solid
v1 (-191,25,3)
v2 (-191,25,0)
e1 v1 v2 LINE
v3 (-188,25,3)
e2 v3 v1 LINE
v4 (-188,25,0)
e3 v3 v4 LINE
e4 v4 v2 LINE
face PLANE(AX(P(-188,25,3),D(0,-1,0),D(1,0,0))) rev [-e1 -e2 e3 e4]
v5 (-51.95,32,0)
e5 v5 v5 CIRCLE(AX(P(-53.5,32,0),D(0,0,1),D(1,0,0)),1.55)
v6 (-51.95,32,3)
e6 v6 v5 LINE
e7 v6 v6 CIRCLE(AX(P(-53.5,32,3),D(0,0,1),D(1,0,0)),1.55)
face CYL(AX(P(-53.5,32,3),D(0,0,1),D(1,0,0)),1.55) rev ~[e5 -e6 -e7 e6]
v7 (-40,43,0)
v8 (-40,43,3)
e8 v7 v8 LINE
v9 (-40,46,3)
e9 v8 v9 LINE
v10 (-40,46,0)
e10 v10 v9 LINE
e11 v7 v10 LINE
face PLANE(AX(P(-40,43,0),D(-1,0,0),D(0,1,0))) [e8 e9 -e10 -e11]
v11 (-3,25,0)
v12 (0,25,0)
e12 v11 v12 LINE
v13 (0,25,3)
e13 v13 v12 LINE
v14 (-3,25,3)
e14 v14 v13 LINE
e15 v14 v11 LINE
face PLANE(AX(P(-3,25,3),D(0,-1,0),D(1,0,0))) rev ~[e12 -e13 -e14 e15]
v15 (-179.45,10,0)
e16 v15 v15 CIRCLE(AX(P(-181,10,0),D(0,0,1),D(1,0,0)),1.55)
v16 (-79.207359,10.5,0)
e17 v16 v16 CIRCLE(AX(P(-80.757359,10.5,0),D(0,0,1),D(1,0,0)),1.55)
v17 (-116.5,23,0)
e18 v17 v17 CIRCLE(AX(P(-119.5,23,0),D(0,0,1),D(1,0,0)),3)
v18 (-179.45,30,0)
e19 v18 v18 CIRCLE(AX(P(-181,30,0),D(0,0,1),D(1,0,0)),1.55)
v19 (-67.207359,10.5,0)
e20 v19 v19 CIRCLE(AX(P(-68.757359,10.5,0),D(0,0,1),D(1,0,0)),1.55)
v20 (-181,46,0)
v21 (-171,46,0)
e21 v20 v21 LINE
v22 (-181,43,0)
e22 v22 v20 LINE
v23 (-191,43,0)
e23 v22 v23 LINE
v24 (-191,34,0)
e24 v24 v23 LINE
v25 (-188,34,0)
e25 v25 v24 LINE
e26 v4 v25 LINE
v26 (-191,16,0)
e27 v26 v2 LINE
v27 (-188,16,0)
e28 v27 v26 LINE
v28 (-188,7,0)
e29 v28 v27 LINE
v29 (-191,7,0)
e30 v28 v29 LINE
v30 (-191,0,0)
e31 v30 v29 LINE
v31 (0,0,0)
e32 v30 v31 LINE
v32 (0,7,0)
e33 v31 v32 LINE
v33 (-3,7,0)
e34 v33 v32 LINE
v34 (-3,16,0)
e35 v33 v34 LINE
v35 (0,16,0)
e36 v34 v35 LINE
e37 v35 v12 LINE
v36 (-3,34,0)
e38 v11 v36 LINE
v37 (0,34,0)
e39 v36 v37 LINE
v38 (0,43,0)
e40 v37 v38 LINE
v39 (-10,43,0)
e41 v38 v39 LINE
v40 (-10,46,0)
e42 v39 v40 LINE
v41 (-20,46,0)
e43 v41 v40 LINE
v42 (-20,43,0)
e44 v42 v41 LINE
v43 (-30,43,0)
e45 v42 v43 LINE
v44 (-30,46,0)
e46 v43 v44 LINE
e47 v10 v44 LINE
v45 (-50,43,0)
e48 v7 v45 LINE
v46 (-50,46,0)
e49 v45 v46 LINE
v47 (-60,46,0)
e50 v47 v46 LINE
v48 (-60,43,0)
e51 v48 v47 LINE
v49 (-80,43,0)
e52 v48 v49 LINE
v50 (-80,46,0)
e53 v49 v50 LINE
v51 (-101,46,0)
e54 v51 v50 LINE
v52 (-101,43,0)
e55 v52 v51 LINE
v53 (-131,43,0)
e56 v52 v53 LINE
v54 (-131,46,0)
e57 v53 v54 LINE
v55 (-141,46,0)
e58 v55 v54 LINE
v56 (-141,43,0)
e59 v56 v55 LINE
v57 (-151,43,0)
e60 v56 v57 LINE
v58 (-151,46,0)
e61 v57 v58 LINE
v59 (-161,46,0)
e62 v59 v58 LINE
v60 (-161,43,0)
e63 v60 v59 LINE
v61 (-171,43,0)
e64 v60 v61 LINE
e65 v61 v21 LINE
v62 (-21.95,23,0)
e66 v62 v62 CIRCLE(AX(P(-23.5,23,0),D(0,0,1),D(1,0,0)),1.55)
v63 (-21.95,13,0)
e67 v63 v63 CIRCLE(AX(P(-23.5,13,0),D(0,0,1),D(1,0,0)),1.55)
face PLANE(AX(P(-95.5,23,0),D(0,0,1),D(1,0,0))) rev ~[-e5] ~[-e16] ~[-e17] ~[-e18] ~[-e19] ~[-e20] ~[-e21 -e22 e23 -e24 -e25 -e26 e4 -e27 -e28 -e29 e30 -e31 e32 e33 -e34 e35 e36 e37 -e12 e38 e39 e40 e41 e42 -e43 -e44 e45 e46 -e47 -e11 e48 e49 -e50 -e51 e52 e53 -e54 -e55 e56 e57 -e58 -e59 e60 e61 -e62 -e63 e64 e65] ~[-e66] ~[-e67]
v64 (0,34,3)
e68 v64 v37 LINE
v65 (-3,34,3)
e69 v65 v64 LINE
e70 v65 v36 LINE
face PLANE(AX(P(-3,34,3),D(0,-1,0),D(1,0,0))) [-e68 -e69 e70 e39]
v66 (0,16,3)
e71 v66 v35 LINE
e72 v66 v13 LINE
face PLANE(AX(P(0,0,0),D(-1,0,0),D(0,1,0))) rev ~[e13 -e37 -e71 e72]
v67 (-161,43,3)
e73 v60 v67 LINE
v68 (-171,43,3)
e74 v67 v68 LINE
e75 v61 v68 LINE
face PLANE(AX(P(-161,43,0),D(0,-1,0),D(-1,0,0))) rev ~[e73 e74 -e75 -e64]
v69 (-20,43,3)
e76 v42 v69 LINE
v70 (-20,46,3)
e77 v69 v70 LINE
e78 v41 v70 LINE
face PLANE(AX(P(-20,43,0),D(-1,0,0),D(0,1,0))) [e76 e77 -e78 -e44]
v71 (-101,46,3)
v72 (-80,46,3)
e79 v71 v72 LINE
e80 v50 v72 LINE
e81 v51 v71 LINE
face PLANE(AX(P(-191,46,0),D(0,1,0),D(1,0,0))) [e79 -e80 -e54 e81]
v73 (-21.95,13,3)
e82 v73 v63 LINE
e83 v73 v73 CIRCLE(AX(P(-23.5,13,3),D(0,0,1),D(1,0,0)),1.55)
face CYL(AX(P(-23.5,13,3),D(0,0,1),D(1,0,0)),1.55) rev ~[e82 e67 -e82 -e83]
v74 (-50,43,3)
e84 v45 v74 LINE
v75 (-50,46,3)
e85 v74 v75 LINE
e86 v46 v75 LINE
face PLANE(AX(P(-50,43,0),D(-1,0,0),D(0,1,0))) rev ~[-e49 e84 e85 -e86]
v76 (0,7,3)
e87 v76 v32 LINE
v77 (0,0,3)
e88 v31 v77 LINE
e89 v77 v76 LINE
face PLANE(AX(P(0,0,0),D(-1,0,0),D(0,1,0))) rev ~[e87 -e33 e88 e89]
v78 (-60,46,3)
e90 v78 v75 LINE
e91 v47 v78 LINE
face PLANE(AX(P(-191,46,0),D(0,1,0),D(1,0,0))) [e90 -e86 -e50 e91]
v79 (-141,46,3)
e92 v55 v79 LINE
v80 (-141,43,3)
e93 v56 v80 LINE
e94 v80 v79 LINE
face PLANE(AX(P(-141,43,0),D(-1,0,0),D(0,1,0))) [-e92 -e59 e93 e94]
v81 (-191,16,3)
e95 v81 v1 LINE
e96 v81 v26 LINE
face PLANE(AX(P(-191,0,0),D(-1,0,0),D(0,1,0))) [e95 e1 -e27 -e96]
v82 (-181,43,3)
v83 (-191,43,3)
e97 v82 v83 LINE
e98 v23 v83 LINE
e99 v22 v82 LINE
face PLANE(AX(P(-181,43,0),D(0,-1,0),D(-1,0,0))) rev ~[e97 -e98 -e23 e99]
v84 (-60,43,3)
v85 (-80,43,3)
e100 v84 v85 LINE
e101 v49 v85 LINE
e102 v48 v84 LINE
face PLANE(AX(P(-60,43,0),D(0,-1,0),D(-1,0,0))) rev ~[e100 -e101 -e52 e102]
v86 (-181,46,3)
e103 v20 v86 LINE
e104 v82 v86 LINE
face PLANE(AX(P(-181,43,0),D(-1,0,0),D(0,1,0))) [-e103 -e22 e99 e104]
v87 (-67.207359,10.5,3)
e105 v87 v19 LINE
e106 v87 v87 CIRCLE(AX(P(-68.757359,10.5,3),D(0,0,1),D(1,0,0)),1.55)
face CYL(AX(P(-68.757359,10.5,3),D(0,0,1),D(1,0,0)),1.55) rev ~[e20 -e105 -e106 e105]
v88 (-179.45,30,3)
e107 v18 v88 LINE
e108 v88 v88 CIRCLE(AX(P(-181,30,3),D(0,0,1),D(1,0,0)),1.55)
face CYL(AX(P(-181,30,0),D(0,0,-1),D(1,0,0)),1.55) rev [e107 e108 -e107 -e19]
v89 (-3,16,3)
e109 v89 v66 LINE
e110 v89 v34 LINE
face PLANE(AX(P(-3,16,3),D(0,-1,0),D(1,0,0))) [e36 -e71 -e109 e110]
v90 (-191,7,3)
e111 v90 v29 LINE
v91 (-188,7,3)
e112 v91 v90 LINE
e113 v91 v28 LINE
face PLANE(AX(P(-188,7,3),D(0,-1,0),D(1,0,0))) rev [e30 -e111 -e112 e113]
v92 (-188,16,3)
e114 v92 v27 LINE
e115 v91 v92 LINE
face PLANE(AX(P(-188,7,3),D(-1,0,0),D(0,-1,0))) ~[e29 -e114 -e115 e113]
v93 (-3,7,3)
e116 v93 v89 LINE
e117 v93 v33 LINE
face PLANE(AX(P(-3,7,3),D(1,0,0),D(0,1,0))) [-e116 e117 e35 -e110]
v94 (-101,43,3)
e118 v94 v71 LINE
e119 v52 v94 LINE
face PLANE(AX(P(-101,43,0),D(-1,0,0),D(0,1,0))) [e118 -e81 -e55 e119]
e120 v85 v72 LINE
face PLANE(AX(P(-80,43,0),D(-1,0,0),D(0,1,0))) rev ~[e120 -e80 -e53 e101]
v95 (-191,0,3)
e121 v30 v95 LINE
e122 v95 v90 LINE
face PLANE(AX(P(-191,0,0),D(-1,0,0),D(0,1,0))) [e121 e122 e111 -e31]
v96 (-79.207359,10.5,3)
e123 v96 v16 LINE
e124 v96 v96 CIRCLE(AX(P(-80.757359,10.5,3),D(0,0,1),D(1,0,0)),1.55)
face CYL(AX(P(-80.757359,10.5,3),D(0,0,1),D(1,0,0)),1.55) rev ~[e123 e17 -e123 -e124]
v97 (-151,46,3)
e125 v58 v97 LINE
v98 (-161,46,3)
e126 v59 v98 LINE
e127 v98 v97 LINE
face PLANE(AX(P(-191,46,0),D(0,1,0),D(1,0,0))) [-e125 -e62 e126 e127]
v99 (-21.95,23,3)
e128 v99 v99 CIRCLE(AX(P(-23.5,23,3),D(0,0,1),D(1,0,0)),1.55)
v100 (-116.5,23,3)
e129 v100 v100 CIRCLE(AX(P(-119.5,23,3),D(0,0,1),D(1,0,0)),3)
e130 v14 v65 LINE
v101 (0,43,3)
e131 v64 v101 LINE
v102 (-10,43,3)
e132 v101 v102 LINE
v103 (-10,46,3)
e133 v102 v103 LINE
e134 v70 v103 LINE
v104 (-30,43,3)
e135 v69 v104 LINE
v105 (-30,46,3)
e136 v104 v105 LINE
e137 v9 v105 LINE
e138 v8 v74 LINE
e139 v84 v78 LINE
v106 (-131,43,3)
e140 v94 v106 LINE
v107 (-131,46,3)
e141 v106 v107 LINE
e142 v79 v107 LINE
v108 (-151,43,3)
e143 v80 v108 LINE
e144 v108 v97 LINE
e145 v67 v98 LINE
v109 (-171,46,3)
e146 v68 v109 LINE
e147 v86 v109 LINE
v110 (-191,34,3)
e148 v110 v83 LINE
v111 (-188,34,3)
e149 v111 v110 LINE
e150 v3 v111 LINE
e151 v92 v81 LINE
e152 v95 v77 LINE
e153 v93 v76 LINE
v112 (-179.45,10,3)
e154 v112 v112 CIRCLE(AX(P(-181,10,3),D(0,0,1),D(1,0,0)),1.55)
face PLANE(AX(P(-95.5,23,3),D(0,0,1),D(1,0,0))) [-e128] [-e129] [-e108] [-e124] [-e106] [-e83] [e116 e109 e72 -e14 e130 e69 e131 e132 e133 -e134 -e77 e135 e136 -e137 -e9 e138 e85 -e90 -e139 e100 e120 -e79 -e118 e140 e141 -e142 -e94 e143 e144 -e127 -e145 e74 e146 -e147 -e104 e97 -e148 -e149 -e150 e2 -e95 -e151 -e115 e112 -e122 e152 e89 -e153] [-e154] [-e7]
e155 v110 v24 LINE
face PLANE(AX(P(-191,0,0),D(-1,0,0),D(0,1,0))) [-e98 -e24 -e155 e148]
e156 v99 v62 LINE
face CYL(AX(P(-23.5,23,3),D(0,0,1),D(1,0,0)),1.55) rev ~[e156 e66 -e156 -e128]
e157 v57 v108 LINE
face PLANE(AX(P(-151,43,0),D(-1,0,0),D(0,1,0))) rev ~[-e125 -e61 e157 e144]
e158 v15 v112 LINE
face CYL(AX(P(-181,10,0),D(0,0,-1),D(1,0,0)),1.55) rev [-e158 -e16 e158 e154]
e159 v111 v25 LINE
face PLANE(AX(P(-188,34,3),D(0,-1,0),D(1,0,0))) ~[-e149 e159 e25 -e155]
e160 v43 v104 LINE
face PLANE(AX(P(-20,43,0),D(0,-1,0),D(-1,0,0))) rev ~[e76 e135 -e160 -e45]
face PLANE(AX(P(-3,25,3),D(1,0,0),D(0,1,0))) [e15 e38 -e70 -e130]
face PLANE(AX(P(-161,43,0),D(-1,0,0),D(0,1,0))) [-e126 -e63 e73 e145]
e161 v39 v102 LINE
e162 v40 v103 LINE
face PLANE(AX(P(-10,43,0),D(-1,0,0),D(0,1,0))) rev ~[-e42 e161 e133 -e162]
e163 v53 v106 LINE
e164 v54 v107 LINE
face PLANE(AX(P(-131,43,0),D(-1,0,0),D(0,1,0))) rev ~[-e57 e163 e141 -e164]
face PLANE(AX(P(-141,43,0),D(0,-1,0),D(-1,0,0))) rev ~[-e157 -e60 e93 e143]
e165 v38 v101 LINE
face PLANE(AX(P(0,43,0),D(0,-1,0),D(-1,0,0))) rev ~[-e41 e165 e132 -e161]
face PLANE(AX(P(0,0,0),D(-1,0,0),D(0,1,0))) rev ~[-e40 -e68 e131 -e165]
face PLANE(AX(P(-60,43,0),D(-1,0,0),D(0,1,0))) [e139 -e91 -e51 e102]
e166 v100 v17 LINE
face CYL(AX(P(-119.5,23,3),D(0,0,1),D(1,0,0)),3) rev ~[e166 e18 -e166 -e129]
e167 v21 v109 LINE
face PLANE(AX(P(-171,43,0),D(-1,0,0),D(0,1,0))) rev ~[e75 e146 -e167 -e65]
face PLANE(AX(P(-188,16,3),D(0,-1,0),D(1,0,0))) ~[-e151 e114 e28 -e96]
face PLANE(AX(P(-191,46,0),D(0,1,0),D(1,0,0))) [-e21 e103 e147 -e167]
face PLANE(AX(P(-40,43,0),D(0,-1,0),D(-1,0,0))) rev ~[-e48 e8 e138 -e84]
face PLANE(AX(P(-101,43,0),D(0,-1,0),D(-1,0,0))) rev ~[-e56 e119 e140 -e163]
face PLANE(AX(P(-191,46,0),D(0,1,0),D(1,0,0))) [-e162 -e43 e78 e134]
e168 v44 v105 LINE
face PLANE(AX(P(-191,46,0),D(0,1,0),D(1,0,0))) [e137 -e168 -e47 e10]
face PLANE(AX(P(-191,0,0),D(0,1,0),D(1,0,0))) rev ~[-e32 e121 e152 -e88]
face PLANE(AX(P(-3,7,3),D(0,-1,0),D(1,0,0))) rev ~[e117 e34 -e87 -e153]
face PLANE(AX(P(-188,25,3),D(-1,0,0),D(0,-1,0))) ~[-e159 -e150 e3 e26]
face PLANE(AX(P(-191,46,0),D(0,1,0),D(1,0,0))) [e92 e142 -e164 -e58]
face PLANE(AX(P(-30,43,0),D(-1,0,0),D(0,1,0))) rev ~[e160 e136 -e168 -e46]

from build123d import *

# Parameters (mm, degrees)
SKETCH1_W           = 191
SKETCH1_H           = 46
SKETCH1_R           = 1.549999948
BOSS_EXTRUDE1_DEPTH = 3
CUT_EXTRUDE1_REACH  = 198.484
SKETCH3_W           = 10
SKETCH3_H           = 3
SKETCH3_W_2         = 30
SKETCH3_W_3         = 20
CUT_EXTRUDE2_REACH  = 198.484
SKETCH4_W           = 3
SKETCH4_H           = 9
CUT_EXTRUDE3_REACH  = 198.484
SKETCH6_R           = 3
CUT_EXTRUDE4_REACH  = 198.484
SKETCH7_R           = 1.55


with BuildPart() as part:
    # Sketch1 → Boss-Extrude1 (new body)
    with BuildSketch(Plane.XY):
        with Locations((-95.5, 23)):
            Rectangle(SKETCH1_W, SKETCH1_H)
        with Locations((-181, 30)):
            Circle(SKETCH1_R, mode=Mode.SUBTRACT)
        with Locations((-181, 10)):
            Circle(SKETCH1_R, mode=Mode.SUBTRACT)
    extrude(amount=BOSS_EXTRUDE1_DEPTH)

    # Sketch3 → Cut-Extrude1 (cut, up to next)
    with BuildSketch(Plane(origin=(0, 0, 0), x_dir=(-1, 0, 0), z_dir=(0, 0, -1)), mode=Mode.PRIVATE) as cut_extrude1_sk1:
        with Locations((45, 44.5)):
            Rectangle(SKETCH3_W, SKETCH3_H)
    cut_extrude1_tool1 = extrude(cut_extrude1_sk1.sketch, amount=-CUT_EXTRUDE1_REACH, mode=Mode.PRIVATE) & part.part
    # Sketch3 → Cut-Extrude1 (cut, up to next)
    with BuildSketch(Plane(origin=(0, 0, 0), x_dir=(-1, 0, 0), z_dir=(0, 0, -1)), mode=Mode.PRIVATE) as cut_extrude1_sk2:
        with Locations((25, 44.5)):
            Rectangle(SKETCH3_W, SKETCH3_H)
    cut_extrude1_tool2 = extrude(cut_extrude1_sk2.sketch, amount=-CUT_EXTRUDE1_REACH, mode=Mode.PRIVATE) & part.part
    # Sketch3 → Cut-Extrude1 (cut, up to next)
    with BuildSketch(Plane(origin=(0, 0, 0), x_dir=(-1, 0, 0), z_dir=(0, 0, -1)), mode=Mode.PRIVATE) as cut_extrude1_sk3:
        with Locations((5, 44.5)):
            Rectangle(SKETCH3_W, SKETCH3_H)
    cut_extrude1_tool3 = extrude(cut_extrude1_sk3.sketch, amount=-CUT_EXTRUDE1_REACH, mode=Mode.PRIVATE) & part.part
    # Sketch3 → Cut-Extrude1 (cut, up to next)
    with BuildSketch(Plane(origin=(0, 0, 0), x_dir=(-1, 0, 0), z_dir=(0, 0, -1)), mode=Mode.PRIVATE) as cut_extrude1_sk4:
        with Locations((166, 44.5)):
            Rectangle(SKETCH3_W, SKETCH3_H)
    cut_extrude1_tool4 = extrude(cut_extrude1_sk4.sketch, amount=-CUT_EXTRUDE1_REACH, mode=Mode.PRIVATE) & part.part
    # Sketch3 → Cut-Extrude1 (cut, up to next)
    with BuildSketch(Plane(origin=(0, 0, 0), x_dir=(-1, 0, 0), z_dir=(0, 0, -1)), mode=Mode.PRIVATE) as cut_extrude1_sk5:
        with Locations((146, 44.5)):
            Rectangle(SKETCH3_W, SKETCH3_H)
    cut_extrude1_tool5 = extrude(cut_extrude1_sk5.sketch, amount=-CUT_EXTRUDE1_REACH, mode=Mode.PRIVATE) & part.part
    # Sketch3 → Cut-Extrude1 (cut, up to next)
    with BuildSketch(Plane(origin=(0, 0, 0), x_dir=(-1, 0, 0), z_dir=(0, 0, -1)), mode=Mode.PRIVATE) as cut_extrude1_sk6:
        with Locations((116, 44.5)):
            Rectangle(SKETCH3_W_2, SKETCH3_H)
    cut_extrude1_tool6 = extrude(cut_extrude1_sk6.sketch, amount=-CUT_EXTRUDE1_REACH, mode=Mode.PRIVATE) & part.part
    # Sketch3 → Cut-Extrude1 (cut, up to next)
    with BuildSketch(Plane(origin=(0, 0, 0), x_dir=(-1, 0, 0), z_dir=(0, 0, -1)), mode=Mode.PRIVATE) as cut_extrude1_sk7:
        with Locations((70, 44.5)):
            Rectangle(SKETCH3_W_3, SKETCH3_H)
    cut_extrude1_tool7 = extrude(cut_extrude1_sk7.sketch, amount=-CUT_EXTRUDE1_REACH, mode=Mode.PRIVATE) & part.part
    # Sketch3 → Cut-Extrude1 (cut, up to next)
    with BuildSketch(Plane(origin=(0, 0, 0), x_dir=(-1, 0, 0), z_dir=(0, 0, -1)), mode=Mode.PRIVATE) as cut_extrude1_sk8:
        with Locations((186, 44.5)):
            Rectangle(SKETCH3_W, SKETCH3_H)
    cut_extrude1_tool8 = extrude(cut_extrude1_sk8.sketch, amount=-CUT_EXTRUDE1_REACH, mode=Mode.PRIVATE) & part.part
    add(cut_extrude1_tool1.solids().sort_by_distance((-45, 44.5, 0))[0], mode=Mode.SUBTRACT)
    add(cut_extrude1_tool2.solids().sort_by_distance((-25, 44.5, 0))[0], mode=Mode.SUBTRACT)
    add(cut_extrude1_tool3.solids().sort_by_distance((-5, 44.5, 0))[0], mode=Mode.SUBTRACT)
    add(cut_extrude1_tool4.solids().sort_by_distance((-166, 44.5, 0))[0], mode=Mode.SUBTRACT)
    add(cut_extrude1_tool5.solids().sort_by_distance((-146, 44.5, 0))[0], mode=Mode.SUBTRACT)
    add(cut_extrude1_tool6.solids().sort_by_distance((-116, 44.5, 0))[0], mode=Mode.SUBTRACT)
    add(cut_extrude1_tool7.solids().sort_by_distance((-70, 44.5, 0))[0], mode=Mode.SUBTRACT)
    add(cut_extrude1_tool8.solids().sort_by_distance((-186, 44.5, 0))[0], mode=Mode.SUBTRACT)

    # Sketch4 → Cut-Extrude2 (cut, up to next)
    with BuildSketch(Plane.XY.offset(3), mode=Mode.PRIVATE) as cut_extrude2_sk1:
        with Locations((-1.5, 29.5)):
            Rectangle(SKETCH4_W, SKETCH4_H)
    cut_extrude2_tool1 = extrude(cut_extrude2_sk1.sketch, amount=-CUT_EXTRUDE2_REACH, mode=Mode.PRIVATE) & part.part
    # Sketch4 → Cut-Extrude2 (cut, up to next)
    with BuildSketch(Plane.XY.offset(3), mode=Mode.PRIVATE) as cut_extrude2_sk2:
        with Locations((-1.5, 11.5)):
            Rectangle(SKETCH4_W, SKETCH4_H)
    cut_extrude2_tool2 = extrude(cut_extrude2_sk2.sketch, amount=-CUT_EXTRUDE2_REACH, mode=Mode.PRIVATE) & part.part
    cut_extrude2_1 = cut_extrude2_tool1.solids().sort_by_distance((-1.5, 29.5, 3))[0]
    add(cut_extrude2_1, mode=Mode.SUBTRACT)
    cut_extrude2_2 = cut_extrude2_tool2.solids().sort_by_distance((-1.5, 11.5, 3))[0]
    add(cut_extrude2_2, mode=Mode.SUBTRACT)
    cut_extrude2 = cut_extrude2_1 + cut_extrude2_2  # Cut-Extrude2 as one shape, for the pattern or mirror that repeats it

    # Mirror1: Cut-Extrude2 across plane
    add(cut_extrude2.mirror(Plane(origin=(-95.5, 0, 0), x_dir=(0, 0, 1), z_dir=(1, 0, 0))), mode=Mode.SUBTRACT)

    # Sketch6 → Cut-Extrude3 (cut, up to next)
    with BuildSketch(Plane.XY.offset(3), mode=Mode.PRIVATE) as cut_extrude3_sk1:
        with Locations((-119.5, 23)):
            Circle(SKETCH6_R)
    cut_extrude3_tool1 = extrude(cut_extrude3_sk1.sketch, amount=-CUT_EXTRUDE3_REACH, mode=Mode.PRIVATE) & part.part
    add(cut_extrude3_tool1.solids().sort_by_distance((-119.5, 23, 3))[0], mode=Mode.SUBTRACT)

    # Sketch7 → Cut-Extrude4 (cut, up to next)
    with BuildSketch(Plane.XY.offset(3), mode=Mode.PRIVATE) as cut_extrude4_sk1:
        with Locations((-53.5, 32)):
            Circle(SKETCH7_R)
    cut_extrude4_tool1 = extrude(cut_extrude4_sk1.sketch, amount=-CUT_EXTRUDE4_REACH, mode=Mode.PRIVATE) & part.part
    # Sketch7 → Cut-Extrude4 (cut, up to next)
    with BuildSketch(Plane.XY.offset(3), mode=Mode.PRIVATE) as cut_extrude4_sk2:
        with Locations((-68.757359313, 10.5)):
            Circle(SKETCH7_R)
    cut_extrude4_tool2 = extrude(cut_extrude4_sk2.sketch, amount=-CUT_EXTRUDE4_REACH, mode=Mode.PRIVATE) & part.part
    # Sketch7 → Cut-Extrude4 (cut, up to next)
    with BuildSketch(Plane.XY.offset(3), mode=Mode.PRIVATE) as cut_extrude4_sk3:
        with Locations((-80.757359313, 10.5)):
            Circle(SKETCH7_R)
    cut_extrude4_tool3 = extrude(cut_extrude4_sk3.sketch, amount=-CUT_EXTRUDE4_REACH, mode=Mode.PRIVATE) & part.part
    # Sketch7 → Cut-Extrude4 (cut, up to next)
    with BuildSketch(Plane.XY.offset(3), mode=Mode.PRIVATE) as cut_extrude4_sk4:
        with Locations((-23.5, 23)):
            Circle(SKETCH7_R)
    cut_extrude4_tool4 = extrude(cut_extrude4_sk4.sketch, amount=-CUT_EXTRUDE4_REACH, mode=Mode.PRIVATE) & part.part
    # Sketch7 → Cut-Extrude4 (cut, up to next)
    with BuildSketch(Plane.XY.offset(3), mode=Mode.PRIVATE) as cut_extrude4_sk5:
        with Locations((-23.5, 13)):
            Circle(SKETCH7_R)
    cut_extrude4_tool5 = extrude(cut_extrude4_sk5.sketch, amount=-CUT_EXTRUDE4_REACH, mode=Mode.PRIVATE) & part.part
    add(cut_extrude4_tool1.solids().sort_by_distance((-53.5, 32, 3))[0], mode=Mode.SUBTRACT)
    add(cut_extrude4_tool2.solids().sort_by_distance((-68.757359, 10.5, 3))[0], mode=Mode.SUBTRACT)
    add(cut_extrude4_tool3.solids().sort_by_distance((-80.757359, 10.5, 3))[0], mode=Mode.SUBTRACT)
    add(cut_extrude4_tool4.solids().sort_by_distance((-23.5, 23, 3))[0], mode=Mode.SUBTRACT)
    add(cut_extrude4_tool5.solids().sort_by_distance((-23.5, 13, 3))[0], mode=Mode.SUBTRACT)


solid = part.part
